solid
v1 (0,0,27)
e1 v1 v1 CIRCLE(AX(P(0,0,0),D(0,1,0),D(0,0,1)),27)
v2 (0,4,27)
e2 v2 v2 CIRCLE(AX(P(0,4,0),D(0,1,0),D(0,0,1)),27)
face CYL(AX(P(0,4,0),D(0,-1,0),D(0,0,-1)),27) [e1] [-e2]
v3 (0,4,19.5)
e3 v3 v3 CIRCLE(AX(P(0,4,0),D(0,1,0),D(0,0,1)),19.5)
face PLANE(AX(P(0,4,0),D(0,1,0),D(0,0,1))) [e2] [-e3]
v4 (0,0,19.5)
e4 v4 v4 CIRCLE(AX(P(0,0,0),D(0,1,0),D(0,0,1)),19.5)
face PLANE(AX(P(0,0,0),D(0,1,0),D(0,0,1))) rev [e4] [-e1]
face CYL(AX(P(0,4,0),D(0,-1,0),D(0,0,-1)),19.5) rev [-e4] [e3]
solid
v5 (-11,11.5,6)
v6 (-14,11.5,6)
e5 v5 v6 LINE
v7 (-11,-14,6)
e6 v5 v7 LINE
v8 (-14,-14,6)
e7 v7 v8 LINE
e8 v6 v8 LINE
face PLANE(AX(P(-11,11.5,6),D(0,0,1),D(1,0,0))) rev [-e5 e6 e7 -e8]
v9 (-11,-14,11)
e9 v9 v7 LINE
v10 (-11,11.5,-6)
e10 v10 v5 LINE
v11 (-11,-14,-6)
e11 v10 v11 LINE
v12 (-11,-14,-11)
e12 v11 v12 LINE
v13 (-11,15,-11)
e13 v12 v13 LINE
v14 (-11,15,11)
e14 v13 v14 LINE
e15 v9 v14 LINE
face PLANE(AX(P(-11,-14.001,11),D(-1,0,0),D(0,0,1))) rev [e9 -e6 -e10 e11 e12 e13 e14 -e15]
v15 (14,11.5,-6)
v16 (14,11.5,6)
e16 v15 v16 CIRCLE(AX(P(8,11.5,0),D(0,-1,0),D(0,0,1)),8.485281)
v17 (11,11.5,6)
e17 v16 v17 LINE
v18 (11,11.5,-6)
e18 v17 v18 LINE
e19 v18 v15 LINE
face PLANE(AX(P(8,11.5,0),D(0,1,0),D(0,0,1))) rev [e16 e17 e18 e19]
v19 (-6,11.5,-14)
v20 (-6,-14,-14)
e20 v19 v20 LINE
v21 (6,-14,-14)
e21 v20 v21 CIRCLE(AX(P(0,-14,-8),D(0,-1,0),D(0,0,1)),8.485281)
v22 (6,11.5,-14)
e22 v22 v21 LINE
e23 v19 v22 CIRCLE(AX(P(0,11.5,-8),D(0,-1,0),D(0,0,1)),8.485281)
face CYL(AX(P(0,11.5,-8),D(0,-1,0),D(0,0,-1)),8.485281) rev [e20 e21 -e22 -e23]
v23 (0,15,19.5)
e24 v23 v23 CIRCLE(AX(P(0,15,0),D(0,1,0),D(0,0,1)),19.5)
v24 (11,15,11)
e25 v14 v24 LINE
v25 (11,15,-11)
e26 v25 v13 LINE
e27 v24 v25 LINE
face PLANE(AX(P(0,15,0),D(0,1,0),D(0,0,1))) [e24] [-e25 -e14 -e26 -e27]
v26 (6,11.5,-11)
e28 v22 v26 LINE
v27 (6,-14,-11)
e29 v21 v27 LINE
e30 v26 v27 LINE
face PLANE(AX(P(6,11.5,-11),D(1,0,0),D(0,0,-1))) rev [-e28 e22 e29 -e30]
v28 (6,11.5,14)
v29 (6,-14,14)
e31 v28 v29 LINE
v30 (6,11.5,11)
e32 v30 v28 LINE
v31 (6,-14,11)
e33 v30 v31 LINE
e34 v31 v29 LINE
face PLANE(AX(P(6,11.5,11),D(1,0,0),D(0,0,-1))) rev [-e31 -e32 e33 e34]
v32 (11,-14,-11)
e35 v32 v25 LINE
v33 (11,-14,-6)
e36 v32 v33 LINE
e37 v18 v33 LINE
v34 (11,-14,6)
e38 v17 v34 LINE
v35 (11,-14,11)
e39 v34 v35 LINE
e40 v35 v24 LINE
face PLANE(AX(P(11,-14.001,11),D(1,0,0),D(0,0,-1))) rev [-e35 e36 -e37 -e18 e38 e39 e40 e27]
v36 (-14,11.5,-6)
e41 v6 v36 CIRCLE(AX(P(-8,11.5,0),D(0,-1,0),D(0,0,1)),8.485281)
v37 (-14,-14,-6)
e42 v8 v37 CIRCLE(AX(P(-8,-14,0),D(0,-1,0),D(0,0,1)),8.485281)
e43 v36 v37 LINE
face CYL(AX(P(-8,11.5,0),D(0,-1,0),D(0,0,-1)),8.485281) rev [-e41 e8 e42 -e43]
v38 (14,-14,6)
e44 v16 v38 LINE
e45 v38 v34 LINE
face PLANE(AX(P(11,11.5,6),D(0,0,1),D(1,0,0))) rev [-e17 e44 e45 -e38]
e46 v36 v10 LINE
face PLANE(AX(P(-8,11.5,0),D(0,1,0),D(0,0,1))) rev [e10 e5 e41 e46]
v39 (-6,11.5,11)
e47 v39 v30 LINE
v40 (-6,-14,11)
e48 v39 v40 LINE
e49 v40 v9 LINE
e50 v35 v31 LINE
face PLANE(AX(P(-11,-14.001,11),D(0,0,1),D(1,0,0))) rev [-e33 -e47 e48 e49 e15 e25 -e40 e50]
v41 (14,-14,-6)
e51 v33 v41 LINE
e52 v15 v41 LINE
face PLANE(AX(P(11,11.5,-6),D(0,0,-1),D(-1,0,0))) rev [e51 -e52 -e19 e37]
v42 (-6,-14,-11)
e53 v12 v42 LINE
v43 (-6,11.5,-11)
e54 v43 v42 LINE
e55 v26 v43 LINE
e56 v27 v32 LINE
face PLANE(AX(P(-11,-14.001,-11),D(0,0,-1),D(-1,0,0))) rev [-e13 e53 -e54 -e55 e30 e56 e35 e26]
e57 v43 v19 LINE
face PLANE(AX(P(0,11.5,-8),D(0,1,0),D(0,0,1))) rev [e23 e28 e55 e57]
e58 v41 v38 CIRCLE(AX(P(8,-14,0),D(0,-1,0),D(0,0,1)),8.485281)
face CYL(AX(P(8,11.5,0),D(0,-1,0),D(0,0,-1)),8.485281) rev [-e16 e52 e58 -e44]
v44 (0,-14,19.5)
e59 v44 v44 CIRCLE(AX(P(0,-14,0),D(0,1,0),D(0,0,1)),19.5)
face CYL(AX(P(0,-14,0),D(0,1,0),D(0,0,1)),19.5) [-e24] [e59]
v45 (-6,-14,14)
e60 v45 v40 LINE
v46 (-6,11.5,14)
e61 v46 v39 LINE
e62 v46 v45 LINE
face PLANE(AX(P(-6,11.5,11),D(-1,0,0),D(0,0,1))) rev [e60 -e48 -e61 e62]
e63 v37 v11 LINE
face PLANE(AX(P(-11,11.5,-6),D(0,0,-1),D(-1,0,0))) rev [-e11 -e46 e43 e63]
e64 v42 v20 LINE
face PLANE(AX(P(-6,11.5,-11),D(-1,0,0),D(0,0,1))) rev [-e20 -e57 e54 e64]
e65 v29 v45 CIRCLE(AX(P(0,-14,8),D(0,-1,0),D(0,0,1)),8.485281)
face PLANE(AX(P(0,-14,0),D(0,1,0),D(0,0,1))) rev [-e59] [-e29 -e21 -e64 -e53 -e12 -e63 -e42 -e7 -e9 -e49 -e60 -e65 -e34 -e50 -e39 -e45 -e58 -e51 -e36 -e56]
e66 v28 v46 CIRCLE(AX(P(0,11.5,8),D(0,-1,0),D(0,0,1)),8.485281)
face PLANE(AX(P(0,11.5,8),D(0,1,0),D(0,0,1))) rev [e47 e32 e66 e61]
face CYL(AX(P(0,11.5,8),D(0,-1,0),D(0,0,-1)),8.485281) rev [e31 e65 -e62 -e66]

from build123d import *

# Parameters (mm, degrees)
SKETCH1_R                = 27
SKETCH1_R_2              = 19.5
BOSS_EXTRUDE1_DEPTH      = 4
BOSS_EXTRUDE2_DEPTH      = 11
BOSS_EXTRUDE2_DEPTH_BACK = 18
SKETCH2_R                = 19.5
SKETCH3_W                = 22
SKETCH3_H                = 22
CUT_EXTRUDE1_DEPTH       = 29
CUT_EXTRUDE2_DEPTH       = 25.5


with BuildPart() as part:
    # Sketch1 → Boss-Extrude1 (new body)
    with BuildSketch(Plane(origin=(0, 0, 0), x_dir=(1, 0, 0), z_dir=(0, 1, 0))):
        with Locations(Location((0, 0, 0), (0, 0, 270))):
            Circle(SKETCH1_R)
        with Locations(Location((0, 0, 0), (0, 0, 270))):
            Circle(SKETCH1_R_2, mode=Mode.SUBTRACT)
    extrude(amount=BOSS_EXTRUDE1_DEPTH)


with BuildPart() as body_2:
    # Sketch2 → Boss-Extrude2 (new, two sides: drawn at the far end of the back side and taken through both)
    with BuildSketch(Plane(origin=(0, 4, 0), x_dir=(1, 0, 0), z_dir=(0, 1, 0)).offset(-BOSS_EXTRUDE2_DEPTH_BACK)):
        with Locations(Location((0, 0, 0), (0, 0, 270))):
            Circle(SKETCH2_R)
    extrude(amount=BOSS_EXTRUDE2_DEPTH + BOSS_EXTRUDE2_DEPTH_BACK)

    # Sketch3 → Cut-Extrude1 (cut)
    with BuildSketch(Plane(origin=(0, 15, 0), x_dir=(1, 0, 0), z_dir=(0, 1, 0))):
        Rectangle(SKETCH3_W, SKETCH3_H)
    extrude(amount=-CUT_EXTRUDE1_DEPTH, mode=Mode.SUBTRACT)

    # Sketch4 → Cut-Extrude2 (cut)
    with BuildSketch(Plane.XZ.offset(14)):
        with BuildLine():
            Line((11, 6), (11, -6))
            Line((11, -6), (14, -6))
            ThreePointArc((14, -6), (16.485281374, 0), (14, 6))
            Line((14, 6), (11, 6))
        make_face()
        with BuildLine():
            Line((-6, 11), (6, 11))
            Line((6, 11), (6, 14))
            ThreePointArc((6, 14), (0, 16.485281374), (-6, 14))
            Line((-6, 14), (-6, 11))
        make_face()
        with BuildLine():
            Line((6, -11), (-6, -11))
            Line((-6, -11), (-6, -14))
            ThreePointArc((-6, -14), (0, -16.485281374), (6, -14))
            Line((6, -14), (6, -11))
        make_face()
        with BuildLine():
            Line((-11, -6), (-11, 6))
            Line((-11, 6), (-14, 6))
            ThreePointArc((-14, 6), (-16.485281374, 0), (-14, -6))
            Line((-14, -6), (-11, -6))
        make_face()
    extrude(amount=-CUT_EXTRUDE2_DEPTH, mode=Mode.SUBTRACT)


solid = Compound([part.part, body_2.part])
